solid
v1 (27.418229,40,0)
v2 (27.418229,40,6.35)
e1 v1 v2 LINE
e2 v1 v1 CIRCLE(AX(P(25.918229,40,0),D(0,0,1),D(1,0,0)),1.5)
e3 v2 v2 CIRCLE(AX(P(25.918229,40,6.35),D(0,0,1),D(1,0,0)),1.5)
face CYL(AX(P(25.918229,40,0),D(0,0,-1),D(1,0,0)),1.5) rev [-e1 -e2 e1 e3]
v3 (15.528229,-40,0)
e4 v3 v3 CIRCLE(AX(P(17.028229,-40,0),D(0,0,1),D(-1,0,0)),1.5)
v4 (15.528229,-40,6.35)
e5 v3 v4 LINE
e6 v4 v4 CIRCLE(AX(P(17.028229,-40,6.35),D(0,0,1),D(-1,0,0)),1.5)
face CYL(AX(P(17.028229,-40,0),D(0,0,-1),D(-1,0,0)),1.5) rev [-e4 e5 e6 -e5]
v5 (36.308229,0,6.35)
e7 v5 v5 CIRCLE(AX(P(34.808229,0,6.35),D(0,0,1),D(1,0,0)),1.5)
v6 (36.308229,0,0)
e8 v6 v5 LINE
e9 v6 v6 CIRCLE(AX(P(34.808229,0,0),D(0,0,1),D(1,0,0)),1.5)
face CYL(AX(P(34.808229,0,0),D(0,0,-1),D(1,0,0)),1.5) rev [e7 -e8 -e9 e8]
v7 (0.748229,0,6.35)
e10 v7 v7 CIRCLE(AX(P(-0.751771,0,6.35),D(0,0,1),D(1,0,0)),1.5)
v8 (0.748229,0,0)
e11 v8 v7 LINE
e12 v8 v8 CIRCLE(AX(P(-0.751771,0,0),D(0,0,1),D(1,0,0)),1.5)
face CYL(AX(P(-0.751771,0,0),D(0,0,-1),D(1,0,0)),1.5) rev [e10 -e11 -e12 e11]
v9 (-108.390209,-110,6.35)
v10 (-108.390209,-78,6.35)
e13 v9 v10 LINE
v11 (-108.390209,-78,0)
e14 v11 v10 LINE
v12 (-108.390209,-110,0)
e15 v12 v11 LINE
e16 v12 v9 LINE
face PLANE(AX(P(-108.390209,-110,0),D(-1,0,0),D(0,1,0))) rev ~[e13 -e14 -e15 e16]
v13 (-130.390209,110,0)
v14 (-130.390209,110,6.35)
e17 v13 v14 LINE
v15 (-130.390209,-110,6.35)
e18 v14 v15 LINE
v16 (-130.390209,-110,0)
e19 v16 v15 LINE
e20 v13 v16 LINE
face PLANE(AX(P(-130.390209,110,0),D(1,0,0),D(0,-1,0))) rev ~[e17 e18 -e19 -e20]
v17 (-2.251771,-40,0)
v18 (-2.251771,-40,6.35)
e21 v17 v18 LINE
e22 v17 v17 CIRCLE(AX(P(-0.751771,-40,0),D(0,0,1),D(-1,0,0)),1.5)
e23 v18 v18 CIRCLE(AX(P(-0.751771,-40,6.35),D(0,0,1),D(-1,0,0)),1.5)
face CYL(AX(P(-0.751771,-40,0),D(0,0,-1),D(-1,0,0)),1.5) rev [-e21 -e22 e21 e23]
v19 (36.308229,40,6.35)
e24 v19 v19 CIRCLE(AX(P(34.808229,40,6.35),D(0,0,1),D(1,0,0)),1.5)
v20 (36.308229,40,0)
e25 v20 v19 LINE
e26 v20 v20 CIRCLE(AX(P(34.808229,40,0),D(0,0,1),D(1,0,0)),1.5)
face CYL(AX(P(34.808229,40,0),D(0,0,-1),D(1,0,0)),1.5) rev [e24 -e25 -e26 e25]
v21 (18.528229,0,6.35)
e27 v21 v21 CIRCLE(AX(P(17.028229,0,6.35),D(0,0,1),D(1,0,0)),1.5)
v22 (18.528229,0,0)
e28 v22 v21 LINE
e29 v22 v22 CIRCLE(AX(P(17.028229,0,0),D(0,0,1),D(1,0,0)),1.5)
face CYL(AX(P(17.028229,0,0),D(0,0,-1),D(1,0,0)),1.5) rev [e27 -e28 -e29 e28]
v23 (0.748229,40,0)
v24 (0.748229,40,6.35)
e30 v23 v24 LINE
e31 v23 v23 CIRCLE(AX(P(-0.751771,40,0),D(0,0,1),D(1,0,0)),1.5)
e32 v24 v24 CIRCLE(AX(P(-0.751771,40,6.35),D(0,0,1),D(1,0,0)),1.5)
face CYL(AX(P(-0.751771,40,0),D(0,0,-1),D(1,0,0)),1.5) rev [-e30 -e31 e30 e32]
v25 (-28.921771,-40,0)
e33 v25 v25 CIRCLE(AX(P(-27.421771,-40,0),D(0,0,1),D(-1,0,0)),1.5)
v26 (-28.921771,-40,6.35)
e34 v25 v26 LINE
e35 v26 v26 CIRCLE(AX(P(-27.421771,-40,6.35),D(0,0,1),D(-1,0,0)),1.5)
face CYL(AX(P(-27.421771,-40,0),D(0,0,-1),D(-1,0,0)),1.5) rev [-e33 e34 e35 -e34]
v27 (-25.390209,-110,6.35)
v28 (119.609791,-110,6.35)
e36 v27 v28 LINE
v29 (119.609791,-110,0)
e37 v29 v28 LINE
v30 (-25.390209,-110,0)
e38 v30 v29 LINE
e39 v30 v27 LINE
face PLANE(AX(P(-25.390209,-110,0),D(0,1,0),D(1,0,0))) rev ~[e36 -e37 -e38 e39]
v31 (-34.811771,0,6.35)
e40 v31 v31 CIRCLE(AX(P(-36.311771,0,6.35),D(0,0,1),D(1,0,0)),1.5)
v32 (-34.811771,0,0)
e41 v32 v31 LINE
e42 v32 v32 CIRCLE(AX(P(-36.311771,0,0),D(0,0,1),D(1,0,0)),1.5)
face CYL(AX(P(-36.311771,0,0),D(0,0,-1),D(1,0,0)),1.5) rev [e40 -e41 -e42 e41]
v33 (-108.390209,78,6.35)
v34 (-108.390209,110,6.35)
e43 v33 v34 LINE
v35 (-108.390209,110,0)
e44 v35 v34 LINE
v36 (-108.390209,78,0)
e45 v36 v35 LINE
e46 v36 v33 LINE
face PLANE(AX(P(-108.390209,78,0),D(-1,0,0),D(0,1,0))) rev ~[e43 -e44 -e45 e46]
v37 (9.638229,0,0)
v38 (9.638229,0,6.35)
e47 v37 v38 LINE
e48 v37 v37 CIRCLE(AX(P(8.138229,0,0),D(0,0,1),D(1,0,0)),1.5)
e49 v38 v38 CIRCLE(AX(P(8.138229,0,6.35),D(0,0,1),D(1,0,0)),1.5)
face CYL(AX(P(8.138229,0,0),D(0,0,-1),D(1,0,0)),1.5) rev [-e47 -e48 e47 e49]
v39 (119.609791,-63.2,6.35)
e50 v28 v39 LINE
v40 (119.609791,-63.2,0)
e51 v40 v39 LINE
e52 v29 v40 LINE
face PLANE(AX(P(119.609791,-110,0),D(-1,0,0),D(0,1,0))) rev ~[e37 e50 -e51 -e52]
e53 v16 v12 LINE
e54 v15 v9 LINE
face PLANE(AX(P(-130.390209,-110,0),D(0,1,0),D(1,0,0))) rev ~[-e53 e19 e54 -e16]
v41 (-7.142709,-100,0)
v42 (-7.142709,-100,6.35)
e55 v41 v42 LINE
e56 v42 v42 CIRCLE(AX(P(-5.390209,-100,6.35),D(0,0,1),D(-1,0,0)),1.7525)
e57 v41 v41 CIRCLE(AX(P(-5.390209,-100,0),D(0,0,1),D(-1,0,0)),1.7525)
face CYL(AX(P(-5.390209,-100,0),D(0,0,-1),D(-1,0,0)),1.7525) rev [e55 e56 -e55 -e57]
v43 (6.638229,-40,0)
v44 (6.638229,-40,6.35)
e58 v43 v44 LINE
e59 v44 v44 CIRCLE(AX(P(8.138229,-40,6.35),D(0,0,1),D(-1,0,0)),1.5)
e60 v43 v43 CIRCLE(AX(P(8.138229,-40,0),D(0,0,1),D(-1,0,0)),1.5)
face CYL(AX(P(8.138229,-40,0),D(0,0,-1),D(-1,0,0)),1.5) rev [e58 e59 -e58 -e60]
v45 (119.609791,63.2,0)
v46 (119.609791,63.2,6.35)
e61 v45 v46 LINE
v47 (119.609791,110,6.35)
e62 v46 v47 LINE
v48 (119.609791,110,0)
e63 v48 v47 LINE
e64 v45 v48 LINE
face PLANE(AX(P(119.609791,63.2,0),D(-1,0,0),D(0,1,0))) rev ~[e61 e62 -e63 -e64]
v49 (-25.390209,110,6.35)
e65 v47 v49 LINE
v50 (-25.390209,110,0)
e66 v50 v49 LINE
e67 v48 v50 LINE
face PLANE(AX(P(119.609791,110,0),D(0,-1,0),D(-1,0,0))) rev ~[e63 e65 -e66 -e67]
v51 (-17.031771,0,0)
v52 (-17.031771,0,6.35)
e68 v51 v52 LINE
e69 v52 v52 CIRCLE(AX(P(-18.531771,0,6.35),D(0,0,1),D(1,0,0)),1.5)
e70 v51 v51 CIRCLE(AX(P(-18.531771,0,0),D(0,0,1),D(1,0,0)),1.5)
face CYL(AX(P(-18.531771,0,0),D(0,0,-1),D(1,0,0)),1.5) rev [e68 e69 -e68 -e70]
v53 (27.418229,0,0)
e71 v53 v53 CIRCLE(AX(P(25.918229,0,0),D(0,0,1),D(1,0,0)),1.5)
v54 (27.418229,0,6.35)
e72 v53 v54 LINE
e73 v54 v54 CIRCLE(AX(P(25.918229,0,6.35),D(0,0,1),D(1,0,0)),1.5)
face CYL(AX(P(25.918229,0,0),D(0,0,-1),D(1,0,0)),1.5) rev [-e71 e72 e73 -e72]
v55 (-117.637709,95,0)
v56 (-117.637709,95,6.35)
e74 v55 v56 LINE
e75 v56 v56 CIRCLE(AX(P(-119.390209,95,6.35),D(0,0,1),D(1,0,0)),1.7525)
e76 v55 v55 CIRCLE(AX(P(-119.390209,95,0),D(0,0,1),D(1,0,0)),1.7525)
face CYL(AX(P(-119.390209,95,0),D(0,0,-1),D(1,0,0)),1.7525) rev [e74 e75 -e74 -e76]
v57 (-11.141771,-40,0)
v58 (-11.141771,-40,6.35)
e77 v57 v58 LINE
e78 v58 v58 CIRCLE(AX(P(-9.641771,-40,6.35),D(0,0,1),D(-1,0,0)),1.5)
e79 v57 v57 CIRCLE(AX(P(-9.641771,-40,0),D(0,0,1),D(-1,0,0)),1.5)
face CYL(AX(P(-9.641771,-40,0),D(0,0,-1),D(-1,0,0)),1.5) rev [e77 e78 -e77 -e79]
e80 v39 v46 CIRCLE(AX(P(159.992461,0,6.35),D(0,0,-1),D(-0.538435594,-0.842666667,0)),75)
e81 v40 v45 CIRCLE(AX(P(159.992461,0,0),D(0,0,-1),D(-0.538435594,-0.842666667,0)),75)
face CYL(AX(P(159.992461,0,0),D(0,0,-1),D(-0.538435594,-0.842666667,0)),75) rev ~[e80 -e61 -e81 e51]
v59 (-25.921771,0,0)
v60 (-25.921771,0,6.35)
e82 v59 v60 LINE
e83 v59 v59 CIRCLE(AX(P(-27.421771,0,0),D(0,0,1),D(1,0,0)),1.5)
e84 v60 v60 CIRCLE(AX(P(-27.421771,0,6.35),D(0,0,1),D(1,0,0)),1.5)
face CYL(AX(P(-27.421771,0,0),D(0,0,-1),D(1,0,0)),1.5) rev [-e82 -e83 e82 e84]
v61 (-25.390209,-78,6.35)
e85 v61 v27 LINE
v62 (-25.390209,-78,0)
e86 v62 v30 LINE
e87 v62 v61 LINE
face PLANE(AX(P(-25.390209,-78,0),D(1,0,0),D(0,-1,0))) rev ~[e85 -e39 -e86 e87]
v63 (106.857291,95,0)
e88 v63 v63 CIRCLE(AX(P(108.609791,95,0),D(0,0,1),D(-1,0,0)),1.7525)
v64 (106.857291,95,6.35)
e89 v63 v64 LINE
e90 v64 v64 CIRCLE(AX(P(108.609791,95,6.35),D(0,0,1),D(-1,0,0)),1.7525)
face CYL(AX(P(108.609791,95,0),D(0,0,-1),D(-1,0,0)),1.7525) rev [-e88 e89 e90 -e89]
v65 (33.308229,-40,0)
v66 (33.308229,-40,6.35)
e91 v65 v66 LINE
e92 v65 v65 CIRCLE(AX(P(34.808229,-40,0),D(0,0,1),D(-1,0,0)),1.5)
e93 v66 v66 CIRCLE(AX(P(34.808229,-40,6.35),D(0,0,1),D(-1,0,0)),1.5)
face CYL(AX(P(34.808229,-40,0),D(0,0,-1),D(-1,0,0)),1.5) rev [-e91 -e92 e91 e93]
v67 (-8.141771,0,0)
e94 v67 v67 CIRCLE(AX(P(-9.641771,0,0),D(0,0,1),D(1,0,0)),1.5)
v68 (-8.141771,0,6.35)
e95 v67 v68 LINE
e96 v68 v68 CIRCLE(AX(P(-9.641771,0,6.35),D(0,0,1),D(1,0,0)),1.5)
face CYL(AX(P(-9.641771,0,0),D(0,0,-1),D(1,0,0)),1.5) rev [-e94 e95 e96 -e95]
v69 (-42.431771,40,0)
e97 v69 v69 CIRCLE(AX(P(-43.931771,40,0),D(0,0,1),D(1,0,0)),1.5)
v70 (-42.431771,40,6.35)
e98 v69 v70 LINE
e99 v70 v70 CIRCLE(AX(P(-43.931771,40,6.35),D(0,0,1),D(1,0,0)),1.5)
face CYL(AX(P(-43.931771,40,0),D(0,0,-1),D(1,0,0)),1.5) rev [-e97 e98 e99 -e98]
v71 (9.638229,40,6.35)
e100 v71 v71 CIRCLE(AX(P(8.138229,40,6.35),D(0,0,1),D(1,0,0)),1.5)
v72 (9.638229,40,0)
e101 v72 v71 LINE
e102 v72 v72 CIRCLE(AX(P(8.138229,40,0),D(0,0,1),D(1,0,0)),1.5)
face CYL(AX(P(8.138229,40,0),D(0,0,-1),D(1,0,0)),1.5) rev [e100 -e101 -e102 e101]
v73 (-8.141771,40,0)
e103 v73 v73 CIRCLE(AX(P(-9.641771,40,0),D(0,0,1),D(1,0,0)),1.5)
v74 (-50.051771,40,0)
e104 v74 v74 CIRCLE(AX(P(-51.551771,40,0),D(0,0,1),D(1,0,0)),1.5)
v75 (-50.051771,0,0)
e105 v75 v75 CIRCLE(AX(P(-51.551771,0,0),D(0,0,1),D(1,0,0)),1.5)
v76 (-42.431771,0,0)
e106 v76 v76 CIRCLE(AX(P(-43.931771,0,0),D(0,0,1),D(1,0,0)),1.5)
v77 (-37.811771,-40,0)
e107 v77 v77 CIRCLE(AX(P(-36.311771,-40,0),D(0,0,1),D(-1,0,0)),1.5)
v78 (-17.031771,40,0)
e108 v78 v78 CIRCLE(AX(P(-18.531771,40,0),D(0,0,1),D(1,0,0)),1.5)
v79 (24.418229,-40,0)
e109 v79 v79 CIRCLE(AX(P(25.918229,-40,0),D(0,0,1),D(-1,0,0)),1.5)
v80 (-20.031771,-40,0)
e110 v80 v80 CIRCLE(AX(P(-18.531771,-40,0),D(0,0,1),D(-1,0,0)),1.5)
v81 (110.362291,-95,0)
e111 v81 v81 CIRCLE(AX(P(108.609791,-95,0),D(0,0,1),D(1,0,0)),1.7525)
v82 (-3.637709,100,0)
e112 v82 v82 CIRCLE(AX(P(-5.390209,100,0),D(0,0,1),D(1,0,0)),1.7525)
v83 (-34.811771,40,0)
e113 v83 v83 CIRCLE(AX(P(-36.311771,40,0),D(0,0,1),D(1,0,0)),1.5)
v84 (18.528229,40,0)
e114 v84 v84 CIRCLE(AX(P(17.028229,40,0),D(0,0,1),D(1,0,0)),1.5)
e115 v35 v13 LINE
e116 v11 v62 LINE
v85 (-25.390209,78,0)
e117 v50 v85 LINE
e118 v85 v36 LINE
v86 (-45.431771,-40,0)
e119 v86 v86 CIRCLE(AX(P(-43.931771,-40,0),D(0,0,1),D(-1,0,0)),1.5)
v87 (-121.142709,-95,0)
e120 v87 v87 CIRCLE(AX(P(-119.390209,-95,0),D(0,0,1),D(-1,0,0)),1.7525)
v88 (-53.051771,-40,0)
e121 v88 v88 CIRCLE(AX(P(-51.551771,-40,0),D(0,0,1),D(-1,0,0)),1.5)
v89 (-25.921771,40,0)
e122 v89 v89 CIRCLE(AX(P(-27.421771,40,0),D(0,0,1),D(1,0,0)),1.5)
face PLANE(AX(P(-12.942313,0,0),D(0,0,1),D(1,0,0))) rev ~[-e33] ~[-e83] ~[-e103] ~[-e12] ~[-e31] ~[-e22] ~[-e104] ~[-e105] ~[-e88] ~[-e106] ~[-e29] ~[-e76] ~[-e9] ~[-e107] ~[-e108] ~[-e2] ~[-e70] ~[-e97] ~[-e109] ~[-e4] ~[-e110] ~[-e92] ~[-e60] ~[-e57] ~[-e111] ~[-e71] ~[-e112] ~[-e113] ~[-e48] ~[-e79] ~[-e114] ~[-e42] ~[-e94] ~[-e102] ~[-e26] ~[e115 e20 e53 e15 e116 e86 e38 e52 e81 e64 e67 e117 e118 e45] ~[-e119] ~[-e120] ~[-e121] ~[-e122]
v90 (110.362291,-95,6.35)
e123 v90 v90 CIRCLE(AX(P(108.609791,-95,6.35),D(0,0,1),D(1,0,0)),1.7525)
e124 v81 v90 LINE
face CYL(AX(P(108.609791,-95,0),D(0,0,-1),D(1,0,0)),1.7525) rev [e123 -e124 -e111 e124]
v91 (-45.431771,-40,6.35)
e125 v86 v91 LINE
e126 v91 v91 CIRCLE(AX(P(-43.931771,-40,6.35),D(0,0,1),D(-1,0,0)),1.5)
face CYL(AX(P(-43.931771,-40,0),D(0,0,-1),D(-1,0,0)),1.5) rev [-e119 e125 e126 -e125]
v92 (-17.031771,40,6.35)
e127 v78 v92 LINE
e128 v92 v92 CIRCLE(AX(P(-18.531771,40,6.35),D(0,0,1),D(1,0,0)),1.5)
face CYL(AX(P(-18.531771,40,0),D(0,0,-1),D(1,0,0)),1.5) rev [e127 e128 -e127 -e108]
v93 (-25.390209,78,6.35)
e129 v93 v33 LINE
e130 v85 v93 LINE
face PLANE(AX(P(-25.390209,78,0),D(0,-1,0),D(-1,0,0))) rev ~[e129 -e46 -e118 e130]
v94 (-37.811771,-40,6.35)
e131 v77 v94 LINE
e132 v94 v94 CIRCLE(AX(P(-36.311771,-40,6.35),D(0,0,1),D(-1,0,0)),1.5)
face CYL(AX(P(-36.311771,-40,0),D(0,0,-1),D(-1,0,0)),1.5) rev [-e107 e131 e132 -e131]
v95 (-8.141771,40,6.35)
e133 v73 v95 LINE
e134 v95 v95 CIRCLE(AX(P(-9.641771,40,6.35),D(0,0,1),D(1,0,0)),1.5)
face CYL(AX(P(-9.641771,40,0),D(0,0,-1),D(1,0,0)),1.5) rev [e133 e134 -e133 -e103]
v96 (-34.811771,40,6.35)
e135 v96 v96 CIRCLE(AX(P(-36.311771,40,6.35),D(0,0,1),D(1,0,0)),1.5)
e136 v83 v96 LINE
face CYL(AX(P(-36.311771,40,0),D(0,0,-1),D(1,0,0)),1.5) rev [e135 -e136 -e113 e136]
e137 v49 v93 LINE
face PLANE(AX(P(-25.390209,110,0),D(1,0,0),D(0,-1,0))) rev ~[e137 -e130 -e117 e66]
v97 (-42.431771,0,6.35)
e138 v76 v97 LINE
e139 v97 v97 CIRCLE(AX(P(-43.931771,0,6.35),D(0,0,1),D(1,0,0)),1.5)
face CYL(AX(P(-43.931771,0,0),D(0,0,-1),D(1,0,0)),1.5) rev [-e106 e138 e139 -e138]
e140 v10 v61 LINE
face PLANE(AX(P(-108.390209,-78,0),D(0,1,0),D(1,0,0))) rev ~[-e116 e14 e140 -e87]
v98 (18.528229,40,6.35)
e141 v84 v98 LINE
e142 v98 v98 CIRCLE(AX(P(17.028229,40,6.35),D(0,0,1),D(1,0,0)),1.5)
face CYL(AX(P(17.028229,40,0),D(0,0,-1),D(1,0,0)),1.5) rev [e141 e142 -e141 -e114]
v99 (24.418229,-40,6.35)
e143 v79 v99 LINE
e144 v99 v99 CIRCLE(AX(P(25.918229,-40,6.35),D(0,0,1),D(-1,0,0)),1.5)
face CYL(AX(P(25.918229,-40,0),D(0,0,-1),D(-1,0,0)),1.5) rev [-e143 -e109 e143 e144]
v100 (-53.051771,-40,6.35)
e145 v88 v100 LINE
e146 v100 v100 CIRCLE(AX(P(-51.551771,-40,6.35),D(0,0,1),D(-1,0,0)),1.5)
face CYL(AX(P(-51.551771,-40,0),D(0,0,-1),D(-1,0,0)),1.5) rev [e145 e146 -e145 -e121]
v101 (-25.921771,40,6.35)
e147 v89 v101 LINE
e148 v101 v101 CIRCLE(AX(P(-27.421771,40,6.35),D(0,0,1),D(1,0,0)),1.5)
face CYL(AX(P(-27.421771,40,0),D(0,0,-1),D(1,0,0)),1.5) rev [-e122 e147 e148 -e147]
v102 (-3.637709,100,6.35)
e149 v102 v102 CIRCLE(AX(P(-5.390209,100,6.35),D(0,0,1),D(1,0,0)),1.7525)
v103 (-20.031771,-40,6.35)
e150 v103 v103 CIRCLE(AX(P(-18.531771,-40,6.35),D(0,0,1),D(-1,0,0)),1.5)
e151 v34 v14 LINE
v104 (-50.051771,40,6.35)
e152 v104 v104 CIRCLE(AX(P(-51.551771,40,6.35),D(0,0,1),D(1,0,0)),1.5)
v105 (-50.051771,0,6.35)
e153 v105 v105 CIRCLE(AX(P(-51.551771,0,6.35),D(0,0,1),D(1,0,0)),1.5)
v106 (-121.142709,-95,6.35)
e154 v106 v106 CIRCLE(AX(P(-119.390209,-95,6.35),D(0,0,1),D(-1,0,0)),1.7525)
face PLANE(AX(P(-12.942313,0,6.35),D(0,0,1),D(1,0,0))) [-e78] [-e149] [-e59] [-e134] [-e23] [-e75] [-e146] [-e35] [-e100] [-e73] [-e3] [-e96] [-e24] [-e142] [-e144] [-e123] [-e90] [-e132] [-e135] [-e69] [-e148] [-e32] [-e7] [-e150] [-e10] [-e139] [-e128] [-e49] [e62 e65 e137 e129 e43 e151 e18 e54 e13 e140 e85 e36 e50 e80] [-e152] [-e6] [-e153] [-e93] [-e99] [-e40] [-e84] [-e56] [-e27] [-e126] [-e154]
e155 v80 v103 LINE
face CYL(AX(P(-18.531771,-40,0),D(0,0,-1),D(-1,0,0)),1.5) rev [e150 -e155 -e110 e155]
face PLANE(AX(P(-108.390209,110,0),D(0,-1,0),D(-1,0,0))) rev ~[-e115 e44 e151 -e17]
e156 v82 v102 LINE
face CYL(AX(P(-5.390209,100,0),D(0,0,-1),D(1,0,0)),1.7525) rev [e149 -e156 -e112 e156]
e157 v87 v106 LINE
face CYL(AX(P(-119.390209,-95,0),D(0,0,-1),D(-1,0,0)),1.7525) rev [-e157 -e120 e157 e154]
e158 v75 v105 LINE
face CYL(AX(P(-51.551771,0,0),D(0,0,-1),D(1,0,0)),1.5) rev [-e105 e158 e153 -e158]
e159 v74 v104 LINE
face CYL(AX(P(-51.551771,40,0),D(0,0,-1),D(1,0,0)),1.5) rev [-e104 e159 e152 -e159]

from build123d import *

# Parameters (mm, degrees)
SKETCH1_R           = 1.7525
SKETCH1_R_2         = 1.5
BOSS_EXTRUDE1_DEPTH = 6.35


with BuildPart() as part:
    # Sketch1 → Boss-Extrude1 (new body)
    with BuildSketch(Plane.XY):
        with BuildLine():
            Line((119.609790965, 110), (97.609790965, 110))
            Line((97.609790965, 110), (14.609790965, 110))
            Line((14.609790965, 110), (-25.390209035, 110))
            Line((-25.390209035, 110), (-25.390209035, 78))
            Line((-25.390209035, 78), (-108.390209035, 78))
            Line((-108.390209035, 78), (-108.390209035, 110))
            Line((-108.390209035, 110), (-130.390209035, 110))
            Line((-130.390209035, 110), (-130.390209035, -110))
            Line((-130.390209035, -110), (-108.390209035, -110))
            Line((-108.390209035, -110), (-108.390209035, -78))
            Line((-108.390209035, -78), (-25.390209035, -78))
            Line((-25.390209035, -78), (-25.390209035, -110))
            Line((-25.390209035, -110), (14.609790965, -110))
            Line((14.609790965, -110), (97.609790965, -110))
            Line((97.609790965, -110), (119.609790965, -110))
            Line((119.609790965, -110), (119.609790965, -63.2))
            ThreePointArc((119.609790965, -63.2), (84.992460515, 0), (119.609790965, 63.2))
            Line((119.609790965, 63.2), (119.609790965, 110))
        make_face()
        with Locations((-119.390209035, 95)):
            Circle(SKETCH1_R, mode=Mode.SUBTRACT)
        with Locations(Location((108.609790965, 95, 0), (0, 0, 180))):
            Circle(SKETCH1_R, mode=Mode.SUBTRACT)
        with Locations((-5.390209035, 100)):
            Circle(SKETCH1_R, mode=Mode.SUBTRACT)
        with Locations(Location((-5.390209035, -100, 0), (0, 0, 180))):
            Circle(SKETCH1_R, mode=Mode.SUBTRACT)
        with Locations((108.609790965, -95)):
            Circle(SKETCH1_R, mode=Mode.SUBTRACT)
        with Locations(Location((-119.390209035, -95, 0), (0, 0, 180))):
            Circle(SKETCH1_R, mode=Mode.SUBTRACT)
        with Locations((-36.311771099, 40)):
            Circle(SKETCH1_R_2, mode=Mode.SUBTRACT)
        with Locations((-36.311771099, 0)):
            Circle(SKETCH1_R_2, mode=Mode.SUBTRACT)
        with Locations(Location((-36.311771099, -40, 0), (0, 0, 180))):
            Circle(SKETCH1_R_2, mode=Mode.SUBTRACT)
        with Locations(Location((-27.421771099, -40, 0), (0, 0, 180))):
            Circle(SKETCH1_R_2, mode=Mode.SUBTRACT)
        with Locations((-27.421771099, 0)):
            Circle(SKETCH1_R_2, mode=Mode.SUBTRACT)
        with Locations((-27.421771099, 40)):
            Circle(SKETCH1_R_2, mode=Mode.SUBTRACT)
        with Locations(Location((-18.531771099, -40, 0), (0, 0, 180))):
            Circle(SKETCH1_R_2, mode=Mode.SUBTRACT)
        with Locations((-18.531771099, 0)):
            Circle(SKETCH1_R_2, mode=Mode.SUBTRACT)
        with Locations((-18.531771099, 40)):
            Circle(SKETCH1_R_2, mode=Mode.SUBTRACT)
        with Locations(Location((-9.641771099, -40, 0), (0, 0, 180))):
            Circle(SKETCH1_R_2, mode=Mode.SUBTRACT)
        with Locations((-9.641771099, 0)):
            Circle(SKETCH1_R_2, mode=Mode.SUBTRACT)
        with Locations((-9.641771099, 40)):
            Circle(SKETCH1_R_2, mode=Mode.SUBTRACT)
        with Locations(Location((-0.751771099, -40, 0), (0, 0, 180))):
            Circle(SKETCH1_R_2, mode=Mode.SUBTRACT)
        with Locations((-0.751771099, 0)):
            Circle(SKETCH1_R_2, mode=Mode.SUBTRACT)
        with Locations((-0.751771099, 40)):
            Circle(SKETCH1_R_2, mode=Mode.SUBTRACT)
        with Locations(Location((8.138228901, -40, 0), (0, 0, 180))):
            Circle(SKETCH1_R_2, mode=Mode.SUBTRACT)
        with Locations((8.138228901, 0)):
            Circle(SKETCH1_R_2, mode=Mode.SUBTRACT)
        with Locations((8.138228901, 40)):
            Circle(SKETCH1_R_2, mode=Mode.SUBTRACT)
        with Locations(Location((17.028228901, -40, 0), (0, 0, 180))):
            Circle(SKETCH1_R_2, mode=Mode.SUBTRACT)
        with Locations((17.028228901, 0)):
            Circle(SKETCH1_R_2, mode=Mode.SUBTRACT)
        with Locations((17.028228901, 40)):
            Circle(SKETCH1_R_2, mode=Mode.SUBTRACT)
        with Locations(Location((25.918228901, -40, 0), (0, 0, 180))):
            Circle(SKETCH1_R_2, mode=Mode.SUBTRACT)
        with Locations((25.918228901, 0)):
            Circle(SKETCH1_R_2, mode=Mode.SUBTRACT)
        with Locations((25.918228901, 40)):
            Circle(SKETCH1_R_2, mode=Mode.SUBTRACT)
        with Locations(Location((34.808228901, -40, 0), (0, 0, 180))):
            Circle(SKETCH1_R_2, mode=Mode.SUBTRACT)
        with Locations((34.808228901, 0)):
            Circle(SKETCH1_R_2, mode=Mode.SUBTRACT)
        with Locations((34.808228901, 40)):
            Circle(SKETCH1_R_2, mode=Mode.SUBTRACT)
        with Locations((-43.931771099, 0)):
            Circle(SKETCH1_R_2, mode=Mode.SUBTRACT)
        with Locations(Location((-43.931771099, -40, 0), (0, 0, 180))):
            Circle(SKETCH1_R_2, mode=Mode.SUBTRACT)
        with Locations((-43.931771099, 40)):
            Circle(SKETCH1_R_2, mode=Mode.SUBTRACT)
        with Locations((-51.551771099, 0)):
            Circle(SKETCH1_R_2, mode=Mode.SUBTRACT)
        with Locations(Location((-51.551771099, -40, 0), (0, 0, 180))):
            Circle(SKETCH1_R_2, mode=Mode.SUBTRACT)
        with Locations((-51.551771099, 40)):
            Circle(SKETCH1_R_2, mode=Mode.SUBTRACT)
    extrude(amount=BOSS_EXTRUDE1_DEPTH)


solid = part.part
